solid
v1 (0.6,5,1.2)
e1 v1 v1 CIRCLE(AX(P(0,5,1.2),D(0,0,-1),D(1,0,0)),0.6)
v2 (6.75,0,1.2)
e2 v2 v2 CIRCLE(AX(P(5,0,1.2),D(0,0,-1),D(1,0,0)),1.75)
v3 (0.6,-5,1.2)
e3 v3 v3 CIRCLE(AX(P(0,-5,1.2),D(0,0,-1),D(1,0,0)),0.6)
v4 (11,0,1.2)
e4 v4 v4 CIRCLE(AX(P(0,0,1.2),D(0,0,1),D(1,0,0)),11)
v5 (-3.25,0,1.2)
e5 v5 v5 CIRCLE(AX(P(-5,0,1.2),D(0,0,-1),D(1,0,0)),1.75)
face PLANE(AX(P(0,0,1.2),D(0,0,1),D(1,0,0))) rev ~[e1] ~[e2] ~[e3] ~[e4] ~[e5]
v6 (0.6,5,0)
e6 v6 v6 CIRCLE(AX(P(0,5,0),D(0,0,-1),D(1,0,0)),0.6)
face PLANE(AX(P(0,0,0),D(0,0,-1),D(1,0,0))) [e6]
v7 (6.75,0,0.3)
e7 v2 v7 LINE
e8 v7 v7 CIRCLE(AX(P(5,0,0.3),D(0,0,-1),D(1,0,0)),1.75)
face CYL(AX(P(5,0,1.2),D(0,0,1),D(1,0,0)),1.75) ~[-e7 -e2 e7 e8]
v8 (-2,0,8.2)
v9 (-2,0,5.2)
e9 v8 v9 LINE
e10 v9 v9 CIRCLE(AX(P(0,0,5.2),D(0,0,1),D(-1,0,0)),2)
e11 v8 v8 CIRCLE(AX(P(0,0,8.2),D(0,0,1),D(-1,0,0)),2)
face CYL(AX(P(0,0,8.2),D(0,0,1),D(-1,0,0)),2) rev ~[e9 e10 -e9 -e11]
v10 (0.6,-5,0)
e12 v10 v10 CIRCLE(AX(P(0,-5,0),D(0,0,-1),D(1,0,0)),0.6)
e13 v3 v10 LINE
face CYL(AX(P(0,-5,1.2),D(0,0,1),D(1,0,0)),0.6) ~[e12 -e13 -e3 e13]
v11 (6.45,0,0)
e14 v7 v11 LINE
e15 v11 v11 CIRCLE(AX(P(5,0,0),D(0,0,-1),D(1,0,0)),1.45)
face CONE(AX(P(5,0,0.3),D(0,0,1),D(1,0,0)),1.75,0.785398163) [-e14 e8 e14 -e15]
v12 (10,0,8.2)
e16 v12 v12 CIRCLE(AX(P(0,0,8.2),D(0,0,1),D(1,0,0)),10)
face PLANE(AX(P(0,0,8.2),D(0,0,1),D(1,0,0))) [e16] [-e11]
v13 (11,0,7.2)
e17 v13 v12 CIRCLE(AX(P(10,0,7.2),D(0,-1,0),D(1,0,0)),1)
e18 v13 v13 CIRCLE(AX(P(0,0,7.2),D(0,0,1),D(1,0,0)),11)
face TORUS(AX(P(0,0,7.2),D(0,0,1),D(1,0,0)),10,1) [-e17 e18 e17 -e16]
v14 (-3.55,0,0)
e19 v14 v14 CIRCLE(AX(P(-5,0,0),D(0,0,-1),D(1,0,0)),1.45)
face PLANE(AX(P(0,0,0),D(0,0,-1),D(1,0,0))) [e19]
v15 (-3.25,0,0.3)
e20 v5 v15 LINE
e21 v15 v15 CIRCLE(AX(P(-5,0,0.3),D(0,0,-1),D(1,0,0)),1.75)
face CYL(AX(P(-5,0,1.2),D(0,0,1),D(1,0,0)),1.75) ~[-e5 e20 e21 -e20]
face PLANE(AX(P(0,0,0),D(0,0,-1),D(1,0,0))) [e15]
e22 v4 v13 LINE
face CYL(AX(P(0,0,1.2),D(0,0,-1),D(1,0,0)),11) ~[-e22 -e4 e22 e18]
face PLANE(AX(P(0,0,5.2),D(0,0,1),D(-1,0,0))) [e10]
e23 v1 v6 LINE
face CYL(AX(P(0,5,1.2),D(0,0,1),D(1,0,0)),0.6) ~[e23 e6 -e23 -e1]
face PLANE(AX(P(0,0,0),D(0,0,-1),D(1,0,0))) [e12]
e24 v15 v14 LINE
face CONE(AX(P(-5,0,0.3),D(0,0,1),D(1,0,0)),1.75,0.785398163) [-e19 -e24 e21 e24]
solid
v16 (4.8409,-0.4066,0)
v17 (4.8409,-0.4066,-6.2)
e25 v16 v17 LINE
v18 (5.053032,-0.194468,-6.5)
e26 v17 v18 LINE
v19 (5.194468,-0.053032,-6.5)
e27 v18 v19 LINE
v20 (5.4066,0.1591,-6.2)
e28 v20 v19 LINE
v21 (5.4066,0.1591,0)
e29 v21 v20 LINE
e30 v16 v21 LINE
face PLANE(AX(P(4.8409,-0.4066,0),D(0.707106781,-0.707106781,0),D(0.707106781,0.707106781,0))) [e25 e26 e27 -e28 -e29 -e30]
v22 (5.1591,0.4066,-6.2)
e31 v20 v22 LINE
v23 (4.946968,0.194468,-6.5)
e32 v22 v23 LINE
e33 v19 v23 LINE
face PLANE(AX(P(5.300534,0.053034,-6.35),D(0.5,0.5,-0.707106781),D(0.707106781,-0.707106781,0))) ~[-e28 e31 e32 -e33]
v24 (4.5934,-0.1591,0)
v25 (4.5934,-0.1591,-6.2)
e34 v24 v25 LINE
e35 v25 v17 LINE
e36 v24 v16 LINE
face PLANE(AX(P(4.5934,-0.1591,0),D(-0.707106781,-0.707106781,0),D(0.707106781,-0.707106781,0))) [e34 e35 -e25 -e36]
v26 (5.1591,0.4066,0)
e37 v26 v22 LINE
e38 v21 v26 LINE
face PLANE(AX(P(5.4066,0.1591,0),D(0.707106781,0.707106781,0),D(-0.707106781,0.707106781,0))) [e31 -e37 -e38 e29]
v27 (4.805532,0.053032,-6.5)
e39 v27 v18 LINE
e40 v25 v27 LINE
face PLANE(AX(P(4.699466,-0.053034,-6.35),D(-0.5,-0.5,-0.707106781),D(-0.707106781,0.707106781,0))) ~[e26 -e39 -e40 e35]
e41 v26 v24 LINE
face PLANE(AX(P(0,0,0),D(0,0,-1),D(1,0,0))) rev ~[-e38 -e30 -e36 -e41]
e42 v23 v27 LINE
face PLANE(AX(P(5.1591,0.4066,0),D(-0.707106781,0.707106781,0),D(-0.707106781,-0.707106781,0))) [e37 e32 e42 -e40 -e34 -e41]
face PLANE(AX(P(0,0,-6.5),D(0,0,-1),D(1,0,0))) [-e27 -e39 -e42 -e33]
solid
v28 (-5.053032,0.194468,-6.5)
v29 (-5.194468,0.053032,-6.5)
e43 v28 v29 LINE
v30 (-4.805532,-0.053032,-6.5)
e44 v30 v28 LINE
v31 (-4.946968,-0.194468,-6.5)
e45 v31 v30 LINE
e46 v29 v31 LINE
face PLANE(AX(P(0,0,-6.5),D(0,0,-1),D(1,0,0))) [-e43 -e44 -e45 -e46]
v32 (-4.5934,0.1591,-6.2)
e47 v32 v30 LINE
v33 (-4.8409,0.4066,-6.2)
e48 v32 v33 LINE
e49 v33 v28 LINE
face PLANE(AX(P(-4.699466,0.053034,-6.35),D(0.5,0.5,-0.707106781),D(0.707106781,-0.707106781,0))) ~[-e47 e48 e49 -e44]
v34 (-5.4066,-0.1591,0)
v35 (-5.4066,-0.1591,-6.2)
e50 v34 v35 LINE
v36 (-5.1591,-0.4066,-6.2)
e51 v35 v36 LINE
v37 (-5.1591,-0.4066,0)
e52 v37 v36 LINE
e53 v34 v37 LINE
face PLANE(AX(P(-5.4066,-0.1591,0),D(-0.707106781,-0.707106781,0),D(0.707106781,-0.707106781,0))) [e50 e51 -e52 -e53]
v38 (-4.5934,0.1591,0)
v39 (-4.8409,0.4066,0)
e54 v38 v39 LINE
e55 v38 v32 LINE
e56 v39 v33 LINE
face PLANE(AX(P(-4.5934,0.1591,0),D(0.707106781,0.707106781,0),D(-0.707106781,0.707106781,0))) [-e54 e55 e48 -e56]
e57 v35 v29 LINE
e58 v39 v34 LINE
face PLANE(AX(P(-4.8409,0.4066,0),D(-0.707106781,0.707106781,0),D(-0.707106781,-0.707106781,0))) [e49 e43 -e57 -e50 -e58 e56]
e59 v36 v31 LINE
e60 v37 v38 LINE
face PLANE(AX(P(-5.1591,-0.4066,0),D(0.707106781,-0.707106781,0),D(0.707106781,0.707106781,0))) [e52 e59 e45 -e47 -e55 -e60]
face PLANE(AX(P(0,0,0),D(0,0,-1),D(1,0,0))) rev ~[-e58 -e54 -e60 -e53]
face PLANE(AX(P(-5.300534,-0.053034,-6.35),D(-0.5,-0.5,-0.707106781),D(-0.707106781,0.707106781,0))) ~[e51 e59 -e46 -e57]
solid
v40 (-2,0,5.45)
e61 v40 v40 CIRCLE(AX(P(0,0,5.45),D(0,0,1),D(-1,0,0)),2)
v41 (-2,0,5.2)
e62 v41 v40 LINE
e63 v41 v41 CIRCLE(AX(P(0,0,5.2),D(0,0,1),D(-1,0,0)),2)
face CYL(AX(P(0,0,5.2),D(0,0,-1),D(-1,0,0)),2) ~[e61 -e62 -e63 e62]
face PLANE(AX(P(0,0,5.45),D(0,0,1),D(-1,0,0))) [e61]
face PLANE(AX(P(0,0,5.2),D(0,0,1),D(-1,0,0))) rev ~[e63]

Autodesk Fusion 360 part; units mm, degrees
ref_plane "WorkPlane1" through (0, 0, 1.2) normal (0, 0, 1) x (1, 0, 0) in component "Body"
sketch "Sketch1" plane through (0, 0, 1.2) normal (0, 0, 1) x (1, 0, 0) in component "Body"
  circle A0 centre (0, 0) radius 11
  dimension "d2" = 22
extrude "Extrude1" add sketch "Sketch1" along normal blind 7 makes body 1 in component "Body"
fillet "Fillet1" radius 1 1 edges at (-10.2556, -3.9778, 8.2) on bodies 1 in component "Body"
sketch "Sketch2" plane through (0, 0, 1.2) normal (0, 0, -1) x (1, 0, 0) in component "Body"
  circle A0 centre (0, 0) radius 11
  line L0 (0, 11) -> (0, -11) construction
  circle A1 centre (0, 5) radius 0.6
  circle A2 centre (0, -5) radius 0.6
  line L1 (-11, 0) -> (11, 0) construction
  circle A3 centre (-5, 0) radius 1.75
  circle A4 centre (5, 0) radius 1.75
  dimension "d7" = 1.2
  dimension "d8" = 10
  dimension "d9" = 3.5
  dimension "d10" = 10
extrude "Extrude2" add sketch "Sketch2" along normal blind 1.2 contours A1 | A2 | A3 | A4 bodies 1 in component "Body"
chamfer "Chamfer1" distance 0.3 angle 45 2 edges at (-6.6316, 0.6328, 0) (3.3684, 0.6328, 0) on bodies 1 in component "Body"
sketch "Sketch3" plane through (0, 0, 8.2) normal (0, 0, 1) x (-1, 0, 0) in component "Body"
  circle A0 centre (0, 0) radius 10
  circle A1 centre (0, 0) radius 2
  dimension "d14" = 4
extrude "Extrude3" cut sketch "Sketch3" against normal blind 3 contours A1 bodies 1 in component "Body"
extrude "Extrude1'" add 1 faces at (-0.637, -0.1965, 5.2) along direction (0, 0, 1) blind 0.25 separate body on bodies 1 makes body 2 in component "Transducer"
sketch "Sketch1 (2)" plane through (0, 0, 0) normal (0, 0, -1) x (1, 0, 0) in component "Pins"
  circle A0 centre (-5, 0) radius 1.45
  circle A1 centre (-5, 0) radius 1.75
  line L0 (-4.5934, -0.1591) -> (-4.8409, -0.4066)
  line L1 (-4.8409, -0.4066) -> (-5.4066, 0.1591)
  line L2 (-5.4066, 0.1591) -> (-5.1591, 0.4066)
  line L3 (-5.1591, 0.4066) -> (-4.5934, -0.1591)
  line L4 (-4.5934, -0.1591) -> (-5.4066, 0.1591) construction
  line L5 (-4.8409, -0.4066) -> (-5.1591, 0.4066) construction
  line L6 (-5, 0) -> (-5.0493, 0.0193)
  line L7 (-5, 0) -> (-6.75, 0) construction
  line L8 (-5, 0) -> (-6.2374, 1.2374) construction
  circle A2 centre (5, 0) radius 1.75
  line L9 (5, 0) -> (3.25, 0) construction
  line L10 (5, 0) -> (3.7626, 1.2374) construction
  line L11 (5.4066, -0.1591) -> (5.1591, -0.4066)
  line L12 (5.1591, -0.4066) -> (4.5934, 0.1591)
  line L13 (4.5934, 0.1591) -> (4.8409, 0.4066)
  line L14 (4.8409, 0.4066) -> (5.4066, -0.1591)
  line L15 (5.4066, -0.1591) -> (4.5934, 0.1591) construction
  line L16 (5.1591, -0.4066) -> (4.8409, 0.4066) construction
  point P0 (-5, 0)
  point P1 (5, 0)
  dimension "d19" = 0.35
  dimension "d20" = 0.8
  dimension "d21" = 45
  dimension "d24" = 45
extrude "Extrude1''" add sketch "Sketch1 (2)" along normal blind 6.5 separate body contours L0 L1 L2 L3 | L11 L12 L13 L14 makes body 3 at (-5.0295, 0.218, -2.1667) makes body 4 at (4.9705, 0.218, -2.1667) in component "Pins"
chamfer "Chamfer1'" distance 0.3 angle 45 4 edges at (4.7172, -0.2828, -6.5) (5.2828, 0.2828, -6.5) (-5.2828, -0.2828, -6.5) (-4.7172, 0.2828, -6.5) on bodies 3 4 in component "Pins"
component "Body" placed x (1, 0, 0) y (0, 1, 0) z (0, 0, 1) at (0, 0, 0)
component "Transducer" placed x (1, 0, 0) y (0, 1, 0) z (0, 0, 1) at (0, 0, 0)
component "Pins" placed x (1, 0, 0) y (0, 1, 0) z (0, 0, 1) at (0, 0, 0)
equation "d24 = d21"
